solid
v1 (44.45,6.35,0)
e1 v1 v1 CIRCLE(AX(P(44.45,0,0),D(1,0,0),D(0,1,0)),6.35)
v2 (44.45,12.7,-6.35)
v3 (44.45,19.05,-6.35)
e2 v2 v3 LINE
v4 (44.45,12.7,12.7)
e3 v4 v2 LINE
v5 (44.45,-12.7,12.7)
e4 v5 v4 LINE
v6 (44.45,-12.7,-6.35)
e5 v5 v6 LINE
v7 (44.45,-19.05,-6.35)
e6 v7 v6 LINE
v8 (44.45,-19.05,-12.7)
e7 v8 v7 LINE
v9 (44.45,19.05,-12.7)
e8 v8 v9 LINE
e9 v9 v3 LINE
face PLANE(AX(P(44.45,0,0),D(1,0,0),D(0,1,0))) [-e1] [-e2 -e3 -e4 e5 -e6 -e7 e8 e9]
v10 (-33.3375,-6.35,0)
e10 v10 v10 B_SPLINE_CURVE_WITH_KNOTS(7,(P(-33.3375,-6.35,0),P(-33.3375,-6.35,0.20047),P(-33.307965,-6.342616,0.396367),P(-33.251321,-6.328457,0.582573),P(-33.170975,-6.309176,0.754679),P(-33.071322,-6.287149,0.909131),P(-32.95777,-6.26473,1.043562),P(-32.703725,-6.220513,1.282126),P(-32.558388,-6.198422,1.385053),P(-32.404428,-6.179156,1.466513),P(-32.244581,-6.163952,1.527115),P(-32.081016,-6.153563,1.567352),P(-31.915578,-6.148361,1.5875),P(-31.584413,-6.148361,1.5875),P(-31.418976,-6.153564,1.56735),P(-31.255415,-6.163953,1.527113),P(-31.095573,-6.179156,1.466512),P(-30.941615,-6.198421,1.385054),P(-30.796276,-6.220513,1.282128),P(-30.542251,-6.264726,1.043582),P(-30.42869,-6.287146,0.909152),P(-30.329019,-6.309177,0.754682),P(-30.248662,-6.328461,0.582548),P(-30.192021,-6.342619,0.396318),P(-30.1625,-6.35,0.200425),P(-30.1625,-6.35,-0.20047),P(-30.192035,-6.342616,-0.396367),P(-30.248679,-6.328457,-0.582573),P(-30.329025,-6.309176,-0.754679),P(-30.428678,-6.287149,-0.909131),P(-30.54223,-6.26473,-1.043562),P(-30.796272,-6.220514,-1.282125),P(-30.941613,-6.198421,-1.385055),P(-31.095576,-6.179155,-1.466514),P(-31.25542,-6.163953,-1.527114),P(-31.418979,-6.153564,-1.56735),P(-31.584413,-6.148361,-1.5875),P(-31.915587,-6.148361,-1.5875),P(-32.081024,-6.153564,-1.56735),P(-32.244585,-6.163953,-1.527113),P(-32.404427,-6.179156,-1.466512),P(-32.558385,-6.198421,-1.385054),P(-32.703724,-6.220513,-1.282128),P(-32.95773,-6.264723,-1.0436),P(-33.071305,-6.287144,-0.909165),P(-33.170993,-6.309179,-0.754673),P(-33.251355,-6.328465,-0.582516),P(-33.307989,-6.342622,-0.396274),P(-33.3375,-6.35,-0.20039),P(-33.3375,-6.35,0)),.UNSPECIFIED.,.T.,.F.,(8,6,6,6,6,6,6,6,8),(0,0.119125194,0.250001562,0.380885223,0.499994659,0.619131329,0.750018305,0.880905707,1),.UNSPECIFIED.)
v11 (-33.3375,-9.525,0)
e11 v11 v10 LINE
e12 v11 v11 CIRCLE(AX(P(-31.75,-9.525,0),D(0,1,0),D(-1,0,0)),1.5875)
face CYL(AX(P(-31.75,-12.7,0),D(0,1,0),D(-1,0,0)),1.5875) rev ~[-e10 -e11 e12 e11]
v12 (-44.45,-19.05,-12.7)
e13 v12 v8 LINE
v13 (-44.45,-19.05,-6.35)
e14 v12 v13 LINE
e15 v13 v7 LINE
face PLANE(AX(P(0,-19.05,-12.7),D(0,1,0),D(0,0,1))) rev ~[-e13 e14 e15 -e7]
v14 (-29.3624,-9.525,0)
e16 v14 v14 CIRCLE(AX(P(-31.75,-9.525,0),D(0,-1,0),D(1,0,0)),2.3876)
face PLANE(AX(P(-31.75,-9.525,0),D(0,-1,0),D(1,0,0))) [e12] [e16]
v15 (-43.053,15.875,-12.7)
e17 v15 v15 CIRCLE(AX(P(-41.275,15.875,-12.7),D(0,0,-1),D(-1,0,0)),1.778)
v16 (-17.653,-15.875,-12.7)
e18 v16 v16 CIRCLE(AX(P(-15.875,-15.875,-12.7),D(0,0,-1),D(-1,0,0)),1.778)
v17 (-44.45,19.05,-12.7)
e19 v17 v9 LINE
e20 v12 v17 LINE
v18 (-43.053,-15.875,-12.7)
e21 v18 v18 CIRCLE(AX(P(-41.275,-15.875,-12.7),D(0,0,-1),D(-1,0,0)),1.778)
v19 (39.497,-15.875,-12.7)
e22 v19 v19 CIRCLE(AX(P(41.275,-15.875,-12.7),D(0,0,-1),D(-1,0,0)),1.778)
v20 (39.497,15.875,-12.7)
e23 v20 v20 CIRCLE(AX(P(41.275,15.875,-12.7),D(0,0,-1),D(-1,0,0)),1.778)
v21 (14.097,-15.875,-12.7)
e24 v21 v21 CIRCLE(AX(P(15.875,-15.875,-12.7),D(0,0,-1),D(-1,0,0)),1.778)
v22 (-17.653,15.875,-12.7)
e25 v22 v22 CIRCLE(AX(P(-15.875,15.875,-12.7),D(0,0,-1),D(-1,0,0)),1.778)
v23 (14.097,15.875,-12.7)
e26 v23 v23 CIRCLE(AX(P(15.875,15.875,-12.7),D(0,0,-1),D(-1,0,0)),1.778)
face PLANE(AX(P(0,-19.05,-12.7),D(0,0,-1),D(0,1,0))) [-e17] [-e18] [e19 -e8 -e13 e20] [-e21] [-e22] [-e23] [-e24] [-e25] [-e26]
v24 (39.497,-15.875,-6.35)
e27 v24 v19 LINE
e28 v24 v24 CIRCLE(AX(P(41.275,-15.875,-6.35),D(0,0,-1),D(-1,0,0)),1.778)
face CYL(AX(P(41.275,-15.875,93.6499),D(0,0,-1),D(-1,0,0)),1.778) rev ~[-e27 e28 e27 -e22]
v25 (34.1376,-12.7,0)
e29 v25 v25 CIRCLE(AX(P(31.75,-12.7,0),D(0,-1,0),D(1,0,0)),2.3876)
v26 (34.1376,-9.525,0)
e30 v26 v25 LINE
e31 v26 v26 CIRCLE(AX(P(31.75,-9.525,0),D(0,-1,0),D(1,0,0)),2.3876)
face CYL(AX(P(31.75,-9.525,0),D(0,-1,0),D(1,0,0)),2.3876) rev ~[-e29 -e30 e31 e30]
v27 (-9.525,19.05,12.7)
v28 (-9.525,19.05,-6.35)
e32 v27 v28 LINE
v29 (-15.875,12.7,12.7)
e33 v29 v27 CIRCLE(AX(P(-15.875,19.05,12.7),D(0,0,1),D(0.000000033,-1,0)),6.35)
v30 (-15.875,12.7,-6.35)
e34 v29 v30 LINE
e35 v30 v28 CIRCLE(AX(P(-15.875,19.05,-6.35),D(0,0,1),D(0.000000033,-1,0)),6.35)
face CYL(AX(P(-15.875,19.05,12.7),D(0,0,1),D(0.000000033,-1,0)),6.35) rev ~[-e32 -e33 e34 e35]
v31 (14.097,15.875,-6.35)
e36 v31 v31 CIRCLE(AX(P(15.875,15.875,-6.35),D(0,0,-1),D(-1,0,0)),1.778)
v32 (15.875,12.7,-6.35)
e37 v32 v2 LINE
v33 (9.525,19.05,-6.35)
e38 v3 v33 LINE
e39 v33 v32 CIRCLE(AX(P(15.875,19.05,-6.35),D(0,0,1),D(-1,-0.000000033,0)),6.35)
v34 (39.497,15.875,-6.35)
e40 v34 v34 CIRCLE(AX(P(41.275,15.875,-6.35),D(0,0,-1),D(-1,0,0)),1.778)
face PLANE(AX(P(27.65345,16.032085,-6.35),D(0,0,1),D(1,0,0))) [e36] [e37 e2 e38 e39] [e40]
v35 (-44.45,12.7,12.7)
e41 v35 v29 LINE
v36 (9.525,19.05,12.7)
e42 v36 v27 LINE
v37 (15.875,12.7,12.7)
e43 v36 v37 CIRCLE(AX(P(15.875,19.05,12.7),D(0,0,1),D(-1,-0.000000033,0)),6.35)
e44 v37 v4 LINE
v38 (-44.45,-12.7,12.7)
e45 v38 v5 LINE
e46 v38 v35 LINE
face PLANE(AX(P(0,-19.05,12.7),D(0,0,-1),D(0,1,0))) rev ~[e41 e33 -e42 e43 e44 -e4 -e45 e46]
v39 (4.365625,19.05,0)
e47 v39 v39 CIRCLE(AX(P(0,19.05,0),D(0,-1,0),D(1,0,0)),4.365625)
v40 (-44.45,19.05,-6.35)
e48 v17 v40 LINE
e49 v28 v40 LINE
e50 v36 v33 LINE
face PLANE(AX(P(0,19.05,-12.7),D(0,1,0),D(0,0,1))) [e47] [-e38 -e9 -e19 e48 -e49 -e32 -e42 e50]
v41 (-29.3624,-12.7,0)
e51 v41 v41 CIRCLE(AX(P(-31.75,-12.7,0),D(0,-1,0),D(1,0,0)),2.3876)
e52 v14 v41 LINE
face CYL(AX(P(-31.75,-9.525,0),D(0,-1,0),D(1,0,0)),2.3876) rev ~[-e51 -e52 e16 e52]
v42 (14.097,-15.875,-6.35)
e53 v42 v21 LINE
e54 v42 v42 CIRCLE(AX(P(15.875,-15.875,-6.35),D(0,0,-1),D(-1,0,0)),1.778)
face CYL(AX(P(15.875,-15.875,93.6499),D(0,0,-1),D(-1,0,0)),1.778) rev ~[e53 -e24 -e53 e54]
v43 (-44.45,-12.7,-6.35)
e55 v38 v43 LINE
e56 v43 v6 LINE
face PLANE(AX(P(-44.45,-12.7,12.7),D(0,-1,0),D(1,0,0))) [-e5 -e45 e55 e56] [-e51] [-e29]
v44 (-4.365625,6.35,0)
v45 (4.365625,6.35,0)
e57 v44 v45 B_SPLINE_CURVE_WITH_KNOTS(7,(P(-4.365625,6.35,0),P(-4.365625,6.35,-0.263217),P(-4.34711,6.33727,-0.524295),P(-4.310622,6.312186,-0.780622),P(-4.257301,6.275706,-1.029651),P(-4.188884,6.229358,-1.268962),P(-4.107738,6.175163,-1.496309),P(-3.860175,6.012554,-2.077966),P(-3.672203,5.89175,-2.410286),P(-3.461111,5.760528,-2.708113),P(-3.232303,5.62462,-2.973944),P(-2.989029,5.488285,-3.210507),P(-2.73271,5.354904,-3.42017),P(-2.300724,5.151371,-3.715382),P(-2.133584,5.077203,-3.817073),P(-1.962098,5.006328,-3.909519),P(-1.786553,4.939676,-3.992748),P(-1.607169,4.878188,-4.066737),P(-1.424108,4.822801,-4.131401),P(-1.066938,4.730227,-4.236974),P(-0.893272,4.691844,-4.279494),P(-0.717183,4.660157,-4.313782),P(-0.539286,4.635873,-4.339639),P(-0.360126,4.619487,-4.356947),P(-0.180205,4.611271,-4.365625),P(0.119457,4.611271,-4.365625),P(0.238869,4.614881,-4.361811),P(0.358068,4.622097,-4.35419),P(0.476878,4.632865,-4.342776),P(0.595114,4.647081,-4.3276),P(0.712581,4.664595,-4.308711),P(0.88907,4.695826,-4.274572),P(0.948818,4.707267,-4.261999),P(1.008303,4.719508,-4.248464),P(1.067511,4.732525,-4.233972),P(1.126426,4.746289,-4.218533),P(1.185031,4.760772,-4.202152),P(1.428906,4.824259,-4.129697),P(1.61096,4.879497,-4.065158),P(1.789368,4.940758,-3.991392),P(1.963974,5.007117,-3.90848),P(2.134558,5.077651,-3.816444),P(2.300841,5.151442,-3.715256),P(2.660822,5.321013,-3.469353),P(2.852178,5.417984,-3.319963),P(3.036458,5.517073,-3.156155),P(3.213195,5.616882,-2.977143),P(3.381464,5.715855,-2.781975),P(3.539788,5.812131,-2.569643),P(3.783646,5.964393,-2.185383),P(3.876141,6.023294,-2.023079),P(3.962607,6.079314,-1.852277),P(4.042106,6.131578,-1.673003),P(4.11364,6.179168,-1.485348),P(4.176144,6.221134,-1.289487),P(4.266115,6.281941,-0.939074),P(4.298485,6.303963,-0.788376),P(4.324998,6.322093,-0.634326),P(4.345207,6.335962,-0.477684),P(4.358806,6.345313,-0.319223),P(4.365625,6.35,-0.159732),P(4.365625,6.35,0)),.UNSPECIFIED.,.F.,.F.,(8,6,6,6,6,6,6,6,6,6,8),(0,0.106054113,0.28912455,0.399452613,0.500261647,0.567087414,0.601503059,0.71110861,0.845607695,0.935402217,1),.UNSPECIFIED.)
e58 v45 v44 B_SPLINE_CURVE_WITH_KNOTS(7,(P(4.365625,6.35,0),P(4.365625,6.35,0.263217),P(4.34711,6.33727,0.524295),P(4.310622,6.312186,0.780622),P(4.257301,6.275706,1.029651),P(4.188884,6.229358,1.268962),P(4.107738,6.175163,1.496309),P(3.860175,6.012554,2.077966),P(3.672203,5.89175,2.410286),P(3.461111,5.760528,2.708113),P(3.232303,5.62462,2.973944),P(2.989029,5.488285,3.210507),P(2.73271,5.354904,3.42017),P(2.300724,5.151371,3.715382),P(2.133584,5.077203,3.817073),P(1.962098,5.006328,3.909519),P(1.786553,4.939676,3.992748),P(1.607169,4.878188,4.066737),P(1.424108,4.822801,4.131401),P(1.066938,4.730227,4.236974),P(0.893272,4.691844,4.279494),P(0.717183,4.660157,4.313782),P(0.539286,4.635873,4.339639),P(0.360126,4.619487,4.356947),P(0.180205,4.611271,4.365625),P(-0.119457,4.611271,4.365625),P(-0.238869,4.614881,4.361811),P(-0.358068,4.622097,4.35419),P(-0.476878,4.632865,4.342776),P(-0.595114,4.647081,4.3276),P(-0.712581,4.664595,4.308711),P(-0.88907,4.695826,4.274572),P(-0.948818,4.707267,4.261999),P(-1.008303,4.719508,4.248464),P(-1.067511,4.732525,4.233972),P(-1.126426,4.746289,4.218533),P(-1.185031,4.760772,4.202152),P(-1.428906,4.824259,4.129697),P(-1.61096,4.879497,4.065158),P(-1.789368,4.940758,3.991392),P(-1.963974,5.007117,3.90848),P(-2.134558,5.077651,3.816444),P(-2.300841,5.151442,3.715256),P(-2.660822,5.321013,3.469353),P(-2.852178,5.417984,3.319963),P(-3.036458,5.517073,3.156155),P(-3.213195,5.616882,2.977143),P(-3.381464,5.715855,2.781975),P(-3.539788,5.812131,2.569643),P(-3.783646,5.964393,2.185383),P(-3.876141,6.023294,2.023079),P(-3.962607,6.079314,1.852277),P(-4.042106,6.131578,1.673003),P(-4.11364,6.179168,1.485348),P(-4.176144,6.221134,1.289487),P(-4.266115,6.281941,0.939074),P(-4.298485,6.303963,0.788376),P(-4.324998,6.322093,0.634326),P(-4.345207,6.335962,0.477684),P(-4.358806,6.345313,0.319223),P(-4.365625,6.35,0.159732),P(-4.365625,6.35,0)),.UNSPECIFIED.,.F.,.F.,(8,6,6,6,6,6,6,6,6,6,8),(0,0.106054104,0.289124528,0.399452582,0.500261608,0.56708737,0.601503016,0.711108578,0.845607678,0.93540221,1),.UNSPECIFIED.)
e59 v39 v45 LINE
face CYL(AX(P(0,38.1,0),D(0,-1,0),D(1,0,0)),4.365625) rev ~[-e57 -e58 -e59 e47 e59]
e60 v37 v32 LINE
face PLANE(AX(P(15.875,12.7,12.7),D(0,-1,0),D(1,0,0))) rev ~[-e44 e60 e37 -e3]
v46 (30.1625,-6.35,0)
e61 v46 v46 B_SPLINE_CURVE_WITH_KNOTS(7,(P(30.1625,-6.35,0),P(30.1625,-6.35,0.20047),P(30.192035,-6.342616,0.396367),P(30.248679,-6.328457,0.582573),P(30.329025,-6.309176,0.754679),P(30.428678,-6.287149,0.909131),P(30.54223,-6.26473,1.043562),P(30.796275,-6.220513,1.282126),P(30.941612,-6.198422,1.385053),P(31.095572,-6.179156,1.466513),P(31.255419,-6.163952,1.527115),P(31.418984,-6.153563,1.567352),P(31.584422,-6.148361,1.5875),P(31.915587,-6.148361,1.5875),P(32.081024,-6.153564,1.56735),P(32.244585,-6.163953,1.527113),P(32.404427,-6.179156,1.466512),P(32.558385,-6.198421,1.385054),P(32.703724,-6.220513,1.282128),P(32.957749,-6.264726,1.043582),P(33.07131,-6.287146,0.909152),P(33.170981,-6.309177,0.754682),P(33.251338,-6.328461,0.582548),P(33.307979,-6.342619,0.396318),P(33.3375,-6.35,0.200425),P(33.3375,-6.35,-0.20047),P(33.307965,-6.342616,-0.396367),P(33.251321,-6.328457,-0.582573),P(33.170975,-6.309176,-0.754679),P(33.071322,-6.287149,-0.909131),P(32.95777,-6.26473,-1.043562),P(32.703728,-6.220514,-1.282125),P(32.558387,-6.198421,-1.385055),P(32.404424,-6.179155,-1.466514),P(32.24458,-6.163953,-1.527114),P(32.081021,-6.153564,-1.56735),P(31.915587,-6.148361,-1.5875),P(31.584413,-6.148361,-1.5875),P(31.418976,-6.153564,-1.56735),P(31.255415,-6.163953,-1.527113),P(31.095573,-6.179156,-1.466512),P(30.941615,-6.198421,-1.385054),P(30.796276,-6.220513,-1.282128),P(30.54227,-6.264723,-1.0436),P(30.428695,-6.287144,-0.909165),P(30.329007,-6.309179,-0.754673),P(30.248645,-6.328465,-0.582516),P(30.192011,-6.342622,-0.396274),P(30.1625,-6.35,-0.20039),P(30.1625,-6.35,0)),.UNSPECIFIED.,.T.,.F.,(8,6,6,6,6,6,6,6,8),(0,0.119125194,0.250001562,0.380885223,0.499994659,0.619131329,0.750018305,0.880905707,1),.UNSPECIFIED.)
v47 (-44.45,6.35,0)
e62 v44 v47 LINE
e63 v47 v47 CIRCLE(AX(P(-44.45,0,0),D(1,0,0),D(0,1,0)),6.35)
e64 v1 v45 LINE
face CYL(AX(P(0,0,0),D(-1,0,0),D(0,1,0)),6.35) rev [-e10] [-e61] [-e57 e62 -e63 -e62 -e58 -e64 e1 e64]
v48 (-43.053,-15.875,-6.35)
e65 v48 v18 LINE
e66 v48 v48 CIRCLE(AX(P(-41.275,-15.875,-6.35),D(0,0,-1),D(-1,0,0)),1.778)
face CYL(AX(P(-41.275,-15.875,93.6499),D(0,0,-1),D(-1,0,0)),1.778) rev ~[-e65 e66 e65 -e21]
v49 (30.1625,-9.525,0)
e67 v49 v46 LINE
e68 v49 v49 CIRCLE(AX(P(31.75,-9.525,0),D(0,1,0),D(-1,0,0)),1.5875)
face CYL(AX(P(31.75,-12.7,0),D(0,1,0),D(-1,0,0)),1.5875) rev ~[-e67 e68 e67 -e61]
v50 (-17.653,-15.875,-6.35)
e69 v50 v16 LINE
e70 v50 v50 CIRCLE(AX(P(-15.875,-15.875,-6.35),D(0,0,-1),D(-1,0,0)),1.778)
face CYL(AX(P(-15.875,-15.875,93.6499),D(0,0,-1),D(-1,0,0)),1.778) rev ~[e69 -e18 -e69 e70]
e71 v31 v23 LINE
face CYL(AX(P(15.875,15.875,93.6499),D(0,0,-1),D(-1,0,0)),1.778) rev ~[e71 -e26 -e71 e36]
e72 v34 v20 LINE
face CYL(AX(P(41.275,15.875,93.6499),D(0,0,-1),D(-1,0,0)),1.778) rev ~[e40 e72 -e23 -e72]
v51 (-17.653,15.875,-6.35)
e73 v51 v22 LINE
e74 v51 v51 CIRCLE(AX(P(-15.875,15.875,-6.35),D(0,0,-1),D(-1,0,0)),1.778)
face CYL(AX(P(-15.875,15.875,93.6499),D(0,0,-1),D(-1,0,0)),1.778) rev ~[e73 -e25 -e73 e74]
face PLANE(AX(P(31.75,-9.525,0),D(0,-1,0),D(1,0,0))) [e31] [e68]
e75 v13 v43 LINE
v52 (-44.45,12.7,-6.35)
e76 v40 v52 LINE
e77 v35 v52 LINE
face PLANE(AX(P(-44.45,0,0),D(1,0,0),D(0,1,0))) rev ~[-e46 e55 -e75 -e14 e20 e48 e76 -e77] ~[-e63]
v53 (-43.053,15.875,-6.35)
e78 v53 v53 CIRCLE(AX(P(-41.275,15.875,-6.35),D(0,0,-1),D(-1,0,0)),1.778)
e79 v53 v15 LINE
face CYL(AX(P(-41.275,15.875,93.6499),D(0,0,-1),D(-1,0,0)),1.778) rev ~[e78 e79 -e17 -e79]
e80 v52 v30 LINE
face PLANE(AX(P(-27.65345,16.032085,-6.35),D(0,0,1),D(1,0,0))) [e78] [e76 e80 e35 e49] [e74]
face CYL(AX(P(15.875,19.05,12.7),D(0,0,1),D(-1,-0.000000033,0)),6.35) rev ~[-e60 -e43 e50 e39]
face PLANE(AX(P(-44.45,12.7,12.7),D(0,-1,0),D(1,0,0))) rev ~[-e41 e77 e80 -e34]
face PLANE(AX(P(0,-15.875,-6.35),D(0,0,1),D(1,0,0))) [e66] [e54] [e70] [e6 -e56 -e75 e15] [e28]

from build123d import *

# Parameters (mm, degrees)
F0_W           = 38.1
F0_H           = 25.4
F0_R           = 6.35
F1_DEPTH       = 44.45
F2_W           = 88.9
F2_H           = 6.35
F3_DEPTH       = 19.05
F5_D           = 8.73125
F5_DEPTH       = 19.05
F7_D           = 3.175
F7_DEPTH       = 12.7
F7_CBORE_D     = 4.7752
F7_CBORE_DEPTH = 3.175
F9_D           = 3.556


with BuildPart() as f1:
    # F0 (on Right) → F1 (new body, symmetric)
    with BuildSketch(Plane.YZ):
        Rectangle(F0_W, F0_H)
        Circle(F0_R, mode=Mode.SUBTRACT)
    extrude(amount=F1_DEPTH, both=True)

    # F2 (on face) → F3 (cut)
    with BuildSketch(Plane.XY.offset(12.7)):
        with BuildLine():
            Line((-9.525, 19.05), (-44.45, 19.05))
            Line((-44.45, 19.05), (-44.45, 12.7))
            Line((-44.45, 12.7), (-15.875, 12.7))
            ThreePointArc((-15.875, 12.7), (-11.384872, 14.559872), (-9.525, 19.05))
        make_face()
        with BuildLine():
            Line((44.45, 12.7), (44.45, 19.05))
            Line((44.45, 19.05), (9.525, 19.05))
            ThreePointArc((9.525, 19.05), (11.384872, 14.559872), (15.875, 12.7))
            Line((15.875, 12.7), (44.45, 12.7))
        make_face()
        with Locations((0, -15.875)):
            Rectangle(F2_W, F2_H)
    extrude(amount=-F3_DEPTH, mode=Mode.SUBTRACT)

    # F5
    with Locations(Plane(origin=(0, 19.05, 0), x_dir=(-1, 0, 0), z_dir=(0, 1, 0))):
        with Locations((0, 0)):
            Hole(F5_D / 2, depth=F5_DEPTH)

    # F7
    with Locations(Plane.XZ.offset(12.7)):
        with Locations((-31.75, 0), (31.75, 0)):
            CounterBoreHole(F7_D / 2, F7_CBORE_D / 2, F7_CBORE_DEPTH, depth=F7_DEPTH)

    # F9 (through all)
    with Locations(Plane.XY.offset(-6.35)):
        with Locations((-41.275, 15.875), (-15.875, 15.875), (15.875, 15.875), (41.275, 15.875), (41.275, -15.875), (15.875, -15.875), (-15.875, -15.875), (-41.275, -15.875)):
            Hole(F9_D / 2)


solid = f1.part
